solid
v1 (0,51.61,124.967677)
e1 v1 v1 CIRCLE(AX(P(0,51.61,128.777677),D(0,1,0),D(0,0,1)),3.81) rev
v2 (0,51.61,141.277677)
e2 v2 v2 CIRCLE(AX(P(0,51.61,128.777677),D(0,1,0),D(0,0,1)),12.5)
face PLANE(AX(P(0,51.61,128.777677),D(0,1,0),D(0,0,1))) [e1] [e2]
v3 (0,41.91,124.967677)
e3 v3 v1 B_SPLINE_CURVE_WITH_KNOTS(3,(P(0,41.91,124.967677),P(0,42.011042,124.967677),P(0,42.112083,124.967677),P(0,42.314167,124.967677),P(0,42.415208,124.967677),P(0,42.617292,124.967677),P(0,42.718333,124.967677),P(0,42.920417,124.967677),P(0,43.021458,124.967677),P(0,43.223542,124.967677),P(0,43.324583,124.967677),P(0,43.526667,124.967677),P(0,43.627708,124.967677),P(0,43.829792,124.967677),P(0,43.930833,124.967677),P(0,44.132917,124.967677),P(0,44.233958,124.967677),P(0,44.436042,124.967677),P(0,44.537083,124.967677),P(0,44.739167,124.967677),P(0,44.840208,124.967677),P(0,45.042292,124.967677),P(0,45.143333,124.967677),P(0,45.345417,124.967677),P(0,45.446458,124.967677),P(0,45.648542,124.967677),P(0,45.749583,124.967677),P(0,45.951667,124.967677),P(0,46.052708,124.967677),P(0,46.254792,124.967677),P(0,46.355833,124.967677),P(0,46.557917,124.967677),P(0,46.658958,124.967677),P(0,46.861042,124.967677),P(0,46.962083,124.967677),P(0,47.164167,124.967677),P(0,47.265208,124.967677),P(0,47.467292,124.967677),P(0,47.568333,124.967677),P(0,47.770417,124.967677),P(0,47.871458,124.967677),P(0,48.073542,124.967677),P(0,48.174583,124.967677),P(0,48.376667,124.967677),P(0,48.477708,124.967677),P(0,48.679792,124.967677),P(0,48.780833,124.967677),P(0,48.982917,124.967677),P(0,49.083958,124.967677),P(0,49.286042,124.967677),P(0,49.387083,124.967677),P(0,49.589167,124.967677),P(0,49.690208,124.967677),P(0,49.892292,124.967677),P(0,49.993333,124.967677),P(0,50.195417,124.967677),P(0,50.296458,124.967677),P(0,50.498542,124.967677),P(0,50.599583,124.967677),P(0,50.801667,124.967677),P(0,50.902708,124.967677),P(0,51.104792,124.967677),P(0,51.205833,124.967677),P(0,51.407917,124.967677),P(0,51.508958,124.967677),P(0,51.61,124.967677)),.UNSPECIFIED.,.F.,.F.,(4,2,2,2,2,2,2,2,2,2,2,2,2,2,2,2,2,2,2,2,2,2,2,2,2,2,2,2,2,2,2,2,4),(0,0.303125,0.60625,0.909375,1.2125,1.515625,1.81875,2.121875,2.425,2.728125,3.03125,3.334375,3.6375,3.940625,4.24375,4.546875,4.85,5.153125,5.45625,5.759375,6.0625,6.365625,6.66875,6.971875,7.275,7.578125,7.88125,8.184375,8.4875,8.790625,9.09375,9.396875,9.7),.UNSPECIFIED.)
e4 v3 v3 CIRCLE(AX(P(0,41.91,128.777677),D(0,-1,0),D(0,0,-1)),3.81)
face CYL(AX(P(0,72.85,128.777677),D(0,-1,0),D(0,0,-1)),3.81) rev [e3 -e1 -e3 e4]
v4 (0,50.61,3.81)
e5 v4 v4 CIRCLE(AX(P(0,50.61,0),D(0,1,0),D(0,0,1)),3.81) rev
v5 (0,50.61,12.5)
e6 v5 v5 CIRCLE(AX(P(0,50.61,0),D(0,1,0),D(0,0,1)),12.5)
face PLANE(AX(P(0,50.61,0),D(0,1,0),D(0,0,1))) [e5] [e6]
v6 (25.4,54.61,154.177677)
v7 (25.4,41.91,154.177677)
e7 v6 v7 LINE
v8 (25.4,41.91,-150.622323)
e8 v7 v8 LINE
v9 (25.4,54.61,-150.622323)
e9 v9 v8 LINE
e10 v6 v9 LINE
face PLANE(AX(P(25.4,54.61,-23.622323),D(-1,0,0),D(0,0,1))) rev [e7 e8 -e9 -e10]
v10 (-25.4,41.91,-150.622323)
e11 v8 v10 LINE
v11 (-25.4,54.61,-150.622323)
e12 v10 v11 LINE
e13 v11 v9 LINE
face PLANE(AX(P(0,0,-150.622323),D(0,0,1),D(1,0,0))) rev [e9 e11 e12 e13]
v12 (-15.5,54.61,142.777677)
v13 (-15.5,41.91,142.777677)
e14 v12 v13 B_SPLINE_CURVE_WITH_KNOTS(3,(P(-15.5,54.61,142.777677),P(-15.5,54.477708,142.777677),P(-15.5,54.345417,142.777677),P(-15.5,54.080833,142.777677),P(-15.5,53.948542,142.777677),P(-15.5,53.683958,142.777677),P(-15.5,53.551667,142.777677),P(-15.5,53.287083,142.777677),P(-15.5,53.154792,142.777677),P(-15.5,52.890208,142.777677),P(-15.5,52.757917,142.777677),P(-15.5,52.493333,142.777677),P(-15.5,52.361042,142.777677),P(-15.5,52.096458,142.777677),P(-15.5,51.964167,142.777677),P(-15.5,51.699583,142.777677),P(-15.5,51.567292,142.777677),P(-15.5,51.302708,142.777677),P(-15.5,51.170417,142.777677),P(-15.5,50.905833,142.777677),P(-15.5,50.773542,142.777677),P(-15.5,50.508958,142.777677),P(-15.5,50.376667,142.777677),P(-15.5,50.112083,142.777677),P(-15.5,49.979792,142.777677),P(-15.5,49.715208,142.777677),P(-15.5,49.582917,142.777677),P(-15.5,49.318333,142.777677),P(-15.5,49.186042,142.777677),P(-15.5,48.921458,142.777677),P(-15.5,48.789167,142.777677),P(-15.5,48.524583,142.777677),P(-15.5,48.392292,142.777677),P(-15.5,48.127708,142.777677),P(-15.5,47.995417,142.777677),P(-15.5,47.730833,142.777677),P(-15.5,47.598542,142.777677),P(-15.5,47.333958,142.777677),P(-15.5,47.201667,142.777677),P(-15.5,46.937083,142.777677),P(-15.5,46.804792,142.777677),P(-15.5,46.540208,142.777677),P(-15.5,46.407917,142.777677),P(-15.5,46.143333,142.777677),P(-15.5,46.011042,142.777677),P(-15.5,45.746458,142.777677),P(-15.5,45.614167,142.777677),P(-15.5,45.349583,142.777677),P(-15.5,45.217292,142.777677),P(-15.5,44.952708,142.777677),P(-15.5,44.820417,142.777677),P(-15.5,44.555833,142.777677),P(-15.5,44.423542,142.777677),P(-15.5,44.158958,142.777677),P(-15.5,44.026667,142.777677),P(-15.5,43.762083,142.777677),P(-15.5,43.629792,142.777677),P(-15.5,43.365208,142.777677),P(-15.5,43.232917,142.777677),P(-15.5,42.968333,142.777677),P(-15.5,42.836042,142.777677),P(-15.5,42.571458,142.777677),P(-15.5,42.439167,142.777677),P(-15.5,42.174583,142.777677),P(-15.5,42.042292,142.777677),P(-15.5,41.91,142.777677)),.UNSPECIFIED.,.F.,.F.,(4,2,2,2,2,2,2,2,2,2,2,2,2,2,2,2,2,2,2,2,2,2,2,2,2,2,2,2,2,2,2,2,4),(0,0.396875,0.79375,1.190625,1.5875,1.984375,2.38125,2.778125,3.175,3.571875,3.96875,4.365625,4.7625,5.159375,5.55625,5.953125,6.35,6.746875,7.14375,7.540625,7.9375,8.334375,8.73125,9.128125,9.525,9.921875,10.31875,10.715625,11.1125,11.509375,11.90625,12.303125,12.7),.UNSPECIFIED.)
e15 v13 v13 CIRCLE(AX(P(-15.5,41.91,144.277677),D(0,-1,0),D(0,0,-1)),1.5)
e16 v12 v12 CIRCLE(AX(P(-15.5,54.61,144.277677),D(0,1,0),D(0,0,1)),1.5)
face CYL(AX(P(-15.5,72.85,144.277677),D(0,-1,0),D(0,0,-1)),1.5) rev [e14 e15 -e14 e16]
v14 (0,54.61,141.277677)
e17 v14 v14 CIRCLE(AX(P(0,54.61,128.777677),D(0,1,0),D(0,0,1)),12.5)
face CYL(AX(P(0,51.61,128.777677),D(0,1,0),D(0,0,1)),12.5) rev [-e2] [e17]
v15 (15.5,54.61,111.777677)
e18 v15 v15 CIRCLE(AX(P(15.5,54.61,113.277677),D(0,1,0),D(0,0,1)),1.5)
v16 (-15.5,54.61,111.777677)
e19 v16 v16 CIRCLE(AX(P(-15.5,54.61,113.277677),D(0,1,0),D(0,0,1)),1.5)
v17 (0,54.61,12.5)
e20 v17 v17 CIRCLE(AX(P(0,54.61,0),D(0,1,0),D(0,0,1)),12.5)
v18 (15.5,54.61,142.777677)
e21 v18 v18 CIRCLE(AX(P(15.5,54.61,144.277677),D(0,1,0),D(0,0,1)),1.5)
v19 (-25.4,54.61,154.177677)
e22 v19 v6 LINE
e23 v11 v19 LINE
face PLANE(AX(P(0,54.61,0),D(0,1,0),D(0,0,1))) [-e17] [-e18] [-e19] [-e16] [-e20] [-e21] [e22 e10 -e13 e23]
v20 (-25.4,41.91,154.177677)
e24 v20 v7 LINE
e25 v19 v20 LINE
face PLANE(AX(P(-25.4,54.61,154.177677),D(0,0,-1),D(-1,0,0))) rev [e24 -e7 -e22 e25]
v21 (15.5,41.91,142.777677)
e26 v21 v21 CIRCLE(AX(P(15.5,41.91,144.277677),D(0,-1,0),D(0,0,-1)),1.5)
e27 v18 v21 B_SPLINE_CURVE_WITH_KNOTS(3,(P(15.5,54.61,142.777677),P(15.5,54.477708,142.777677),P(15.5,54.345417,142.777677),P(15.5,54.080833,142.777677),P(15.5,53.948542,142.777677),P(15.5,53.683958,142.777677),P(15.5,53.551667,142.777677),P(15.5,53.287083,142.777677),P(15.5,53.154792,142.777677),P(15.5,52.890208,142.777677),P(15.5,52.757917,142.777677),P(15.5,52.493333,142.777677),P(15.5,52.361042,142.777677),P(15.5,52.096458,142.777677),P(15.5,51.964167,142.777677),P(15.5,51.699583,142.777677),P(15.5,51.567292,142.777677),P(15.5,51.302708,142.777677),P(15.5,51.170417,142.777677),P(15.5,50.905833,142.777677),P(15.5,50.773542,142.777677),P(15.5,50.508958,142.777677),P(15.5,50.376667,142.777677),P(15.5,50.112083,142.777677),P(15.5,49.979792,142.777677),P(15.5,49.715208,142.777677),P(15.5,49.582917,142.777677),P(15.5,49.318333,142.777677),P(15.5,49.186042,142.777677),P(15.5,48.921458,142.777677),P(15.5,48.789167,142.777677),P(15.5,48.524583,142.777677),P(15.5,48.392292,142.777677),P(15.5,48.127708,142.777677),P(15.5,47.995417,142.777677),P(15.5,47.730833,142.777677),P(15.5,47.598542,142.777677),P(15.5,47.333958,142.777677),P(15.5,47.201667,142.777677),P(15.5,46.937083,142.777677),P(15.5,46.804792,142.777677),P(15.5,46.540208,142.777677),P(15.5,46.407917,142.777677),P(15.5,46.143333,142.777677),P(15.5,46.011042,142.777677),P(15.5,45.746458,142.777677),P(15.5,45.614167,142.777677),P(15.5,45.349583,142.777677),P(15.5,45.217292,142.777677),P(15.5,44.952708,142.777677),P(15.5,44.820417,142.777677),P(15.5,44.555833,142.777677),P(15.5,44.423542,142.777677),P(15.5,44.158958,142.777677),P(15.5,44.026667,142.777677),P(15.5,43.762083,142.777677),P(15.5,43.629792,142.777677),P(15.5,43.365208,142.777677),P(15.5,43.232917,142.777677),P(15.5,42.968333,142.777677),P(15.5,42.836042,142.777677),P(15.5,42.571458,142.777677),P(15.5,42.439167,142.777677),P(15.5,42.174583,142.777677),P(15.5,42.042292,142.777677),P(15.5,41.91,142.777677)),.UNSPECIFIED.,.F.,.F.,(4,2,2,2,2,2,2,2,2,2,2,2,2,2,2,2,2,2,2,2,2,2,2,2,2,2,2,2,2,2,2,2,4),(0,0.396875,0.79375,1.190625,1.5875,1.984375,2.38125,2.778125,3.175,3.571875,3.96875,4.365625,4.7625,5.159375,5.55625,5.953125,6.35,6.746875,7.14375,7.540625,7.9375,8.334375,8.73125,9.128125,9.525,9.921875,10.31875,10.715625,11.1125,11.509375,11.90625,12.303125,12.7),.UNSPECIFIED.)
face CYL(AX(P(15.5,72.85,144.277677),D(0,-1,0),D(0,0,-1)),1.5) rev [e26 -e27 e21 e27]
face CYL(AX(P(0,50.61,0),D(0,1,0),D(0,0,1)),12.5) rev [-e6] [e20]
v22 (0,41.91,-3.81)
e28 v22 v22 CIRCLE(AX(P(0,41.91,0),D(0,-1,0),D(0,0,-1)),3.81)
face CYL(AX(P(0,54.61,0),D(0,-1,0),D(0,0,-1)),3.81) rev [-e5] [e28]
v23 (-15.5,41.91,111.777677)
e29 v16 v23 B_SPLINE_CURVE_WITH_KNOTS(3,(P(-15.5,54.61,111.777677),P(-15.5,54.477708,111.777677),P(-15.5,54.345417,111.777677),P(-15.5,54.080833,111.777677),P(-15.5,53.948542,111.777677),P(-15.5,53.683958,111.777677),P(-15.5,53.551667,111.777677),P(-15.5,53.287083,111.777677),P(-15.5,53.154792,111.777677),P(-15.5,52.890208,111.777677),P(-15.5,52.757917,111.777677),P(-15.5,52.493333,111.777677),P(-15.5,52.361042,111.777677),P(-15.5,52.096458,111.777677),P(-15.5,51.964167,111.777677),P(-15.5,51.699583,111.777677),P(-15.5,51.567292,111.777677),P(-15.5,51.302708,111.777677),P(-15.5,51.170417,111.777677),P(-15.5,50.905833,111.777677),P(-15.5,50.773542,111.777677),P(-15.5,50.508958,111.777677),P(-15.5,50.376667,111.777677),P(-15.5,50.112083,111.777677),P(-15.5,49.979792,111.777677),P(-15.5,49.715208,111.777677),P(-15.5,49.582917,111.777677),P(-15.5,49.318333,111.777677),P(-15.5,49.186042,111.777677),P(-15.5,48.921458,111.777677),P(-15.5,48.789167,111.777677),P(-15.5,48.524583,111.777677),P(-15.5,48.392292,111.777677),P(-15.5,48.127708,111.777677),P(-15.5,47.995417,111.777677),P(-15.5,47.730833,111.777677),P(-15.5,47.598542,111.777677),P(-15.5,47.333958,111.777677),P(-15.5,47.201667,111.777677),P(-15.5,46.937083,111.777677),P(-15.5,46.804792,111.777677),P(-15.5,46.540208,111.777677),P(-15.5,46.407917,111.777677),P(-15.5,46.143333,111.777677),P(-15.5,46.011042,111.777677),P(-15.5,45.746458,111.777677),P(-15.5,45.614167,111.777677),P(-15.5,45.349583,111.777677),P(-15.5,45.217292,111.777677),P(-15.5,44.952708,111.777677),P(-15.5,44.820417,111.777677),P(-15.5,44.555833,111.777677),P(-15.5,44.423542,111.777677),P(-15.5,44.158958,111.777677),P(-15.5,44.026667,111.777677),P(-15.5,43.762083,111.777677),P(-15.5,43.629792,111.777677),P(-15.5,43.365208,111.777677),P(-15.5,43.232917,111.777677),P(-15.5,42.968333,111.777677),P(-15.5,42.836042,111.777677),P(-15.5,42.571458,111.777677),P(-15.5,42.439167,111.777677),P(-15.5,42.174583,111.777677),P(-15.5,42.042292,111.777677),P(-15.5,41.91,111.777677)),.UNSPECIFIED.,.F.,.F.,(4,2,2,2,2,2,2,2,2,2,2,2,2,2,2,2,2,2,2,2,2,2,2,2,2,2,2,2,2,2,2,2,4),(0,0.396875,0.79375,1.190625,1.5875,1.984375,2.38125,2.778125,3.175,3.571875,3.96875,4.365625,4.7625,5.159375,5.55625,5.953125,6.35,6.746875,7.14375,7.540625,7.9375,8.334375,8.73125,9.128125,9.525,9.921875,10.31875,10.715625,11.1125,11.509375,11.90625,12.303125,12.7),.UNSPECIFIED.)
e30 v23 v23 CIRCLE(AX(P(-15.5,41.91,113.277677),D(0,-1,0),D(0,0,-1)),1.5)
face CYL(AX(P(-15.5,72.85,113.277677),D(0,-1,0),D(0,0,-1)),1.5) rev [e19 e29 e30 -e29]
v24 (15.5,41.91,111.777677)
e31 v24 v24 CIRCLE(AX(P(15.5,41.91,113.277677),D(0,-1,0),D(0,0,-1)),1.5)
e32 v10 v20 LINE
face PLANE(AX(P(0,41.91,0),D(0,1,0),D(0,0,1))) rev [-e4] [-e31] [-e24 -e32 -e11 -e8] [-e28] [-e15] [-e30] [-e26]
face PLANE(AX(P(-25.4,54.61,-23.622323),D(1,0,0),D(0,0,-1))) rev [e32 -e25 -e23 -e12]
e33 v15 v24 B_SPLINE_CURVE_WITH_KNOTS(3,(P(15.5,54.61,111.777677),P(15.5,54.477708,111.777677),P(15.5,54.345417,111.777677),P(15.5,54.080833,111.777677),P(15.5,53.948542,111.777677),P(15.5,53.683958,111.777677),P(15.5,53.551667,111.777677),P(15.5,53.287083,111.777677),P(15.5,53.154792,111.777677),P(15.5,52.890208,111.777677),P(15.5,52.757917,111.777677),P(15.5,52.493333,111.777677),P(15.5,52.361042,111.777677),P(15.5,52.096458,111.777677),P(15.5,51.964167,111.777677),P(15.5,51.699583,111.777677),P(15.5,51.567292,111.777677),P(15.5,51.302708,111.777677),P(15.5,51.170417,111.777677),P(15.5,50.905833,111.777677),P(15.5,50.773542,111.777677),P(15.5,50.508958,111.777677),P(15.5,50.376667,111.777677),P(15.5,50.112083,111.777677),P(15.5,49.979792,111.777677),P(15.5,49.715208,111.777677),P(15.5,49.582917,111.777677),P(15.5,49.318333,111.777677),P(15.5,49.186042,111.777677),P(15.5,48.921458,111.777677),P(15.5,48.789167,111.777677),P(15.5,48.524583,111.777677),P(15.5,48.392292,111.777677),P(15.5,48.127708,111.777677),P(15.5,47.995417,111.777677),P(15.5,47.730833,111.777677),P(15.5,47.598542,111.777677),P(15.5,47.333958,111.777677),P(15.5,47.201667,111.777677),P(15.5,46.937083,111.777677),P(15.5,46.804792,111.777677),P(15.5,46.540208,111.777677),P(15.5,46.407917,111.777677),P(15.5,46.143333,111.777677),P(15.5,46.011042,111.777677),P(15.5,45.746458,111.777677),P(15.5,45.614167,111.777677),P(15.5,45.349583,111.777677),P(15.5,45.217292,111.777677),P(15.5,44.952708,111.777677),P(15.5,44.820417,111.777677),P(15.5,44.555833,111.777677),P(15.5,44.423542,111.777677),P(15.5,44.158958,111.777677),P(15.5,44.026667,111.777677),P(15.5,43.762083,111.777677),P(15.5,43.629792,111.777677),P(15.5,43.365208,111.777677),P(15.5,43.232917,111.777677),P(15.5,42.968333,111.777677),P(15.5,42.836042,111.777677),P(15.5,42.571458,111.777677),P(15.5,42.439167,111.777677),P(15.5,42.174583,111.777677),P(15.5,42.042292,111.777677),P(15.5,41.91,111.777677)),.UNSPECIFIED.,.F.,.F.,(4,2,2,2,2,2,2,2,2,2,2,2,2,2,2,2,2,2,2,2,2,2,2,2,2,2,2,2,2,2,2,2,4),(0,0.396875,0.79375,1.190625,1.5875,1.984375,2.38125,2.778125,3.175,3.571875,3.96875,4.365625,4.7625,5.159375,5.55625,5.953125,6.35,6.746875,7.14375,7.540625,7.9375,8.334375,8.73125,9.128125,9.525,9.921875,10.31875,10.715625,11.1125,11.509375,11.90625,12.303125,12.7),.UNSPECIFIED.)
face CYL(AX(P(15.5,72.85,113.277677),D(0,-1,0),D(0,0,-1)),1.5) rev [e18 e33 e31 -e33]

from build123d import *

# Parameters (mm, degrees)
SKETCH2_R           = 5.08
BOSS_EXTRUDE2_DEPTH = 41.91
SKETCH8_W           = 50.8
SKETCH8_H           = 177.8
BOSS_EXTRUDE3_DEPTH = 12.7
SKETCH14_R          = 1.5
SKETCH14_R_2        = 3.81
CUT_EXTRUDE5_DEPTH  = 30.94
SKETCH18_R          = 12.5
CUT_EXTRUDE6_DEPTH  = 3
SKETCH19_W          = 42.604525883
SKETCH19_H          = 46.988260705
CUT_EXTRUDE7_DEPTH  = 85.804
SKETCH20_R          = 3.81
CUT_EXTRUDE8_DEPTH  = 157.771189784
SKETCH21_R          = 12.5
CUT_EXTRUDE9_DEPTH  = 4
SKETCH23_W          = 50.8
SKETCH23_H          = 12.7
BOSS_EXTRUDE4_DEPTH = 127


with BuildPart() as part:
    # Sketch2 → Boss-Extrude2 (new body)
    with BuildSketch(Plane(origin=(0, 0, 0), x_dir=(-1, 0, 0), z_dir=(0, 1, 0))):
        with Locations(Location((0, 0, 0), (0, 0, 90))):
            Circle(SKETCH2_R)
    extrude(amount=BOSS_EXTRUDE2_DEPTH)

    # Sketch8 → Boss-Extrude3 (add)
    with BuildSketch(Plane(origin=(0, 41.91, 0), x_dir=(1, 0, 0), z_dir=(0, 1, 0))):
        with Locations((0, -65.27767655)):
            Rectangle(SKETCH8_W, SKETCH8_H)
    extrude(amount=BOSS_EXTRUDE3_DEPTH)

    # Sketch14 → Cut-Extrude5 (cut)
    with BuildSketch(Plane.XZ.offset(-41.91)):
        with Locations(Location((15.5, 144.27767655, 0), (0, 0, 270))):
            Circle(SKETCH14_R)
        with Locations(Location((0, 128.77767655, 0), (0, 0, 270))):
            Circle(SKETCH14_R_2)
        with Locations(Location((-15.5, 113.27767655, 0), (0, 0, 270))):
            Circle(SKETCH14_R)
        with Locations(Location((15.5, 113.27767655, 0), (0, 0, 270))):
            Circle(SKETCH14_R)
        with Locations(Location((-15.5, 144.27767655, 0), (0, 0, 270))):
            Circle(SKETCH14_R)
    extrude(amount=-CUT_EXTRUDE5_DEPTH, mode=Mode.SUBTRACT)

    # Sketch18 → Cut-Extrude6 (cut)
    with BuildSketch(Plane(origin=(0, 54.61, 0), x_dir=(1, 0, 0), z_dir=(0, 1, 0))):
        with Locations(Location((0, -128.77767655, 0), (0, 0, 270))):
            Circle(SKETCH18_R)
    extrude(amount=-CUT_EXTRUDE6_DEPTH, mode=Mode.SUBTRACT)

    # Sketch19 → Cut-Extrude7 (cut)
    with BuildSketch(Plane.ZY.offset(25.4)):
        with Locations((-1.112784187, 18.415869648)):
            Rectangle(SKETCH19_W, SKETCH19_H)
    extrude(amount=-CUT_EXTRUDE7_DEPTH, mode=Mode.SUBTRACT)

    # Sketch20 → Cut-Extrude8 (cut, through all)
    with BuildSketch(Plane.XZ.offset(-41.91)):
        with Locations(Location((0, 0, 0), (0, 0, 270))):
            Circle(SKETCH20_R)
    extrude(amount=-CUT_EXTRUDE8_DEPTH, mode=Mode.SUBTRACT)

    # Sketch21 → Cut-Extrude9 (cut)
    with BuildSketch(Plane(origin=(0, 54.61, 0), x_dir=(1, 0, 0), z_dir=(0, 1, 0))):
        with Locations(Location((0, 0, 0), (0, 0, 270))):
            Circle(SKETCH21_R)
    extrude(amount=-CUT_EXTRUDE9_DEPTH, mode=Mode.SUBTRACT)

    # Sketch23 → Boss-Extrude4 (add)
    with BuildSketch(Plane(origin=(0, 0, -23.62232345), x_dir=(-1, 0, 0), z_dir=(0, 0, -1))):
        with Locations((0, 48.26)):
            Rectangle(SKETCH23_W, SKETCH23_H)
    extrude(amount=BOSS_EXTRUDE4_DEPTH)


solid = part.part
